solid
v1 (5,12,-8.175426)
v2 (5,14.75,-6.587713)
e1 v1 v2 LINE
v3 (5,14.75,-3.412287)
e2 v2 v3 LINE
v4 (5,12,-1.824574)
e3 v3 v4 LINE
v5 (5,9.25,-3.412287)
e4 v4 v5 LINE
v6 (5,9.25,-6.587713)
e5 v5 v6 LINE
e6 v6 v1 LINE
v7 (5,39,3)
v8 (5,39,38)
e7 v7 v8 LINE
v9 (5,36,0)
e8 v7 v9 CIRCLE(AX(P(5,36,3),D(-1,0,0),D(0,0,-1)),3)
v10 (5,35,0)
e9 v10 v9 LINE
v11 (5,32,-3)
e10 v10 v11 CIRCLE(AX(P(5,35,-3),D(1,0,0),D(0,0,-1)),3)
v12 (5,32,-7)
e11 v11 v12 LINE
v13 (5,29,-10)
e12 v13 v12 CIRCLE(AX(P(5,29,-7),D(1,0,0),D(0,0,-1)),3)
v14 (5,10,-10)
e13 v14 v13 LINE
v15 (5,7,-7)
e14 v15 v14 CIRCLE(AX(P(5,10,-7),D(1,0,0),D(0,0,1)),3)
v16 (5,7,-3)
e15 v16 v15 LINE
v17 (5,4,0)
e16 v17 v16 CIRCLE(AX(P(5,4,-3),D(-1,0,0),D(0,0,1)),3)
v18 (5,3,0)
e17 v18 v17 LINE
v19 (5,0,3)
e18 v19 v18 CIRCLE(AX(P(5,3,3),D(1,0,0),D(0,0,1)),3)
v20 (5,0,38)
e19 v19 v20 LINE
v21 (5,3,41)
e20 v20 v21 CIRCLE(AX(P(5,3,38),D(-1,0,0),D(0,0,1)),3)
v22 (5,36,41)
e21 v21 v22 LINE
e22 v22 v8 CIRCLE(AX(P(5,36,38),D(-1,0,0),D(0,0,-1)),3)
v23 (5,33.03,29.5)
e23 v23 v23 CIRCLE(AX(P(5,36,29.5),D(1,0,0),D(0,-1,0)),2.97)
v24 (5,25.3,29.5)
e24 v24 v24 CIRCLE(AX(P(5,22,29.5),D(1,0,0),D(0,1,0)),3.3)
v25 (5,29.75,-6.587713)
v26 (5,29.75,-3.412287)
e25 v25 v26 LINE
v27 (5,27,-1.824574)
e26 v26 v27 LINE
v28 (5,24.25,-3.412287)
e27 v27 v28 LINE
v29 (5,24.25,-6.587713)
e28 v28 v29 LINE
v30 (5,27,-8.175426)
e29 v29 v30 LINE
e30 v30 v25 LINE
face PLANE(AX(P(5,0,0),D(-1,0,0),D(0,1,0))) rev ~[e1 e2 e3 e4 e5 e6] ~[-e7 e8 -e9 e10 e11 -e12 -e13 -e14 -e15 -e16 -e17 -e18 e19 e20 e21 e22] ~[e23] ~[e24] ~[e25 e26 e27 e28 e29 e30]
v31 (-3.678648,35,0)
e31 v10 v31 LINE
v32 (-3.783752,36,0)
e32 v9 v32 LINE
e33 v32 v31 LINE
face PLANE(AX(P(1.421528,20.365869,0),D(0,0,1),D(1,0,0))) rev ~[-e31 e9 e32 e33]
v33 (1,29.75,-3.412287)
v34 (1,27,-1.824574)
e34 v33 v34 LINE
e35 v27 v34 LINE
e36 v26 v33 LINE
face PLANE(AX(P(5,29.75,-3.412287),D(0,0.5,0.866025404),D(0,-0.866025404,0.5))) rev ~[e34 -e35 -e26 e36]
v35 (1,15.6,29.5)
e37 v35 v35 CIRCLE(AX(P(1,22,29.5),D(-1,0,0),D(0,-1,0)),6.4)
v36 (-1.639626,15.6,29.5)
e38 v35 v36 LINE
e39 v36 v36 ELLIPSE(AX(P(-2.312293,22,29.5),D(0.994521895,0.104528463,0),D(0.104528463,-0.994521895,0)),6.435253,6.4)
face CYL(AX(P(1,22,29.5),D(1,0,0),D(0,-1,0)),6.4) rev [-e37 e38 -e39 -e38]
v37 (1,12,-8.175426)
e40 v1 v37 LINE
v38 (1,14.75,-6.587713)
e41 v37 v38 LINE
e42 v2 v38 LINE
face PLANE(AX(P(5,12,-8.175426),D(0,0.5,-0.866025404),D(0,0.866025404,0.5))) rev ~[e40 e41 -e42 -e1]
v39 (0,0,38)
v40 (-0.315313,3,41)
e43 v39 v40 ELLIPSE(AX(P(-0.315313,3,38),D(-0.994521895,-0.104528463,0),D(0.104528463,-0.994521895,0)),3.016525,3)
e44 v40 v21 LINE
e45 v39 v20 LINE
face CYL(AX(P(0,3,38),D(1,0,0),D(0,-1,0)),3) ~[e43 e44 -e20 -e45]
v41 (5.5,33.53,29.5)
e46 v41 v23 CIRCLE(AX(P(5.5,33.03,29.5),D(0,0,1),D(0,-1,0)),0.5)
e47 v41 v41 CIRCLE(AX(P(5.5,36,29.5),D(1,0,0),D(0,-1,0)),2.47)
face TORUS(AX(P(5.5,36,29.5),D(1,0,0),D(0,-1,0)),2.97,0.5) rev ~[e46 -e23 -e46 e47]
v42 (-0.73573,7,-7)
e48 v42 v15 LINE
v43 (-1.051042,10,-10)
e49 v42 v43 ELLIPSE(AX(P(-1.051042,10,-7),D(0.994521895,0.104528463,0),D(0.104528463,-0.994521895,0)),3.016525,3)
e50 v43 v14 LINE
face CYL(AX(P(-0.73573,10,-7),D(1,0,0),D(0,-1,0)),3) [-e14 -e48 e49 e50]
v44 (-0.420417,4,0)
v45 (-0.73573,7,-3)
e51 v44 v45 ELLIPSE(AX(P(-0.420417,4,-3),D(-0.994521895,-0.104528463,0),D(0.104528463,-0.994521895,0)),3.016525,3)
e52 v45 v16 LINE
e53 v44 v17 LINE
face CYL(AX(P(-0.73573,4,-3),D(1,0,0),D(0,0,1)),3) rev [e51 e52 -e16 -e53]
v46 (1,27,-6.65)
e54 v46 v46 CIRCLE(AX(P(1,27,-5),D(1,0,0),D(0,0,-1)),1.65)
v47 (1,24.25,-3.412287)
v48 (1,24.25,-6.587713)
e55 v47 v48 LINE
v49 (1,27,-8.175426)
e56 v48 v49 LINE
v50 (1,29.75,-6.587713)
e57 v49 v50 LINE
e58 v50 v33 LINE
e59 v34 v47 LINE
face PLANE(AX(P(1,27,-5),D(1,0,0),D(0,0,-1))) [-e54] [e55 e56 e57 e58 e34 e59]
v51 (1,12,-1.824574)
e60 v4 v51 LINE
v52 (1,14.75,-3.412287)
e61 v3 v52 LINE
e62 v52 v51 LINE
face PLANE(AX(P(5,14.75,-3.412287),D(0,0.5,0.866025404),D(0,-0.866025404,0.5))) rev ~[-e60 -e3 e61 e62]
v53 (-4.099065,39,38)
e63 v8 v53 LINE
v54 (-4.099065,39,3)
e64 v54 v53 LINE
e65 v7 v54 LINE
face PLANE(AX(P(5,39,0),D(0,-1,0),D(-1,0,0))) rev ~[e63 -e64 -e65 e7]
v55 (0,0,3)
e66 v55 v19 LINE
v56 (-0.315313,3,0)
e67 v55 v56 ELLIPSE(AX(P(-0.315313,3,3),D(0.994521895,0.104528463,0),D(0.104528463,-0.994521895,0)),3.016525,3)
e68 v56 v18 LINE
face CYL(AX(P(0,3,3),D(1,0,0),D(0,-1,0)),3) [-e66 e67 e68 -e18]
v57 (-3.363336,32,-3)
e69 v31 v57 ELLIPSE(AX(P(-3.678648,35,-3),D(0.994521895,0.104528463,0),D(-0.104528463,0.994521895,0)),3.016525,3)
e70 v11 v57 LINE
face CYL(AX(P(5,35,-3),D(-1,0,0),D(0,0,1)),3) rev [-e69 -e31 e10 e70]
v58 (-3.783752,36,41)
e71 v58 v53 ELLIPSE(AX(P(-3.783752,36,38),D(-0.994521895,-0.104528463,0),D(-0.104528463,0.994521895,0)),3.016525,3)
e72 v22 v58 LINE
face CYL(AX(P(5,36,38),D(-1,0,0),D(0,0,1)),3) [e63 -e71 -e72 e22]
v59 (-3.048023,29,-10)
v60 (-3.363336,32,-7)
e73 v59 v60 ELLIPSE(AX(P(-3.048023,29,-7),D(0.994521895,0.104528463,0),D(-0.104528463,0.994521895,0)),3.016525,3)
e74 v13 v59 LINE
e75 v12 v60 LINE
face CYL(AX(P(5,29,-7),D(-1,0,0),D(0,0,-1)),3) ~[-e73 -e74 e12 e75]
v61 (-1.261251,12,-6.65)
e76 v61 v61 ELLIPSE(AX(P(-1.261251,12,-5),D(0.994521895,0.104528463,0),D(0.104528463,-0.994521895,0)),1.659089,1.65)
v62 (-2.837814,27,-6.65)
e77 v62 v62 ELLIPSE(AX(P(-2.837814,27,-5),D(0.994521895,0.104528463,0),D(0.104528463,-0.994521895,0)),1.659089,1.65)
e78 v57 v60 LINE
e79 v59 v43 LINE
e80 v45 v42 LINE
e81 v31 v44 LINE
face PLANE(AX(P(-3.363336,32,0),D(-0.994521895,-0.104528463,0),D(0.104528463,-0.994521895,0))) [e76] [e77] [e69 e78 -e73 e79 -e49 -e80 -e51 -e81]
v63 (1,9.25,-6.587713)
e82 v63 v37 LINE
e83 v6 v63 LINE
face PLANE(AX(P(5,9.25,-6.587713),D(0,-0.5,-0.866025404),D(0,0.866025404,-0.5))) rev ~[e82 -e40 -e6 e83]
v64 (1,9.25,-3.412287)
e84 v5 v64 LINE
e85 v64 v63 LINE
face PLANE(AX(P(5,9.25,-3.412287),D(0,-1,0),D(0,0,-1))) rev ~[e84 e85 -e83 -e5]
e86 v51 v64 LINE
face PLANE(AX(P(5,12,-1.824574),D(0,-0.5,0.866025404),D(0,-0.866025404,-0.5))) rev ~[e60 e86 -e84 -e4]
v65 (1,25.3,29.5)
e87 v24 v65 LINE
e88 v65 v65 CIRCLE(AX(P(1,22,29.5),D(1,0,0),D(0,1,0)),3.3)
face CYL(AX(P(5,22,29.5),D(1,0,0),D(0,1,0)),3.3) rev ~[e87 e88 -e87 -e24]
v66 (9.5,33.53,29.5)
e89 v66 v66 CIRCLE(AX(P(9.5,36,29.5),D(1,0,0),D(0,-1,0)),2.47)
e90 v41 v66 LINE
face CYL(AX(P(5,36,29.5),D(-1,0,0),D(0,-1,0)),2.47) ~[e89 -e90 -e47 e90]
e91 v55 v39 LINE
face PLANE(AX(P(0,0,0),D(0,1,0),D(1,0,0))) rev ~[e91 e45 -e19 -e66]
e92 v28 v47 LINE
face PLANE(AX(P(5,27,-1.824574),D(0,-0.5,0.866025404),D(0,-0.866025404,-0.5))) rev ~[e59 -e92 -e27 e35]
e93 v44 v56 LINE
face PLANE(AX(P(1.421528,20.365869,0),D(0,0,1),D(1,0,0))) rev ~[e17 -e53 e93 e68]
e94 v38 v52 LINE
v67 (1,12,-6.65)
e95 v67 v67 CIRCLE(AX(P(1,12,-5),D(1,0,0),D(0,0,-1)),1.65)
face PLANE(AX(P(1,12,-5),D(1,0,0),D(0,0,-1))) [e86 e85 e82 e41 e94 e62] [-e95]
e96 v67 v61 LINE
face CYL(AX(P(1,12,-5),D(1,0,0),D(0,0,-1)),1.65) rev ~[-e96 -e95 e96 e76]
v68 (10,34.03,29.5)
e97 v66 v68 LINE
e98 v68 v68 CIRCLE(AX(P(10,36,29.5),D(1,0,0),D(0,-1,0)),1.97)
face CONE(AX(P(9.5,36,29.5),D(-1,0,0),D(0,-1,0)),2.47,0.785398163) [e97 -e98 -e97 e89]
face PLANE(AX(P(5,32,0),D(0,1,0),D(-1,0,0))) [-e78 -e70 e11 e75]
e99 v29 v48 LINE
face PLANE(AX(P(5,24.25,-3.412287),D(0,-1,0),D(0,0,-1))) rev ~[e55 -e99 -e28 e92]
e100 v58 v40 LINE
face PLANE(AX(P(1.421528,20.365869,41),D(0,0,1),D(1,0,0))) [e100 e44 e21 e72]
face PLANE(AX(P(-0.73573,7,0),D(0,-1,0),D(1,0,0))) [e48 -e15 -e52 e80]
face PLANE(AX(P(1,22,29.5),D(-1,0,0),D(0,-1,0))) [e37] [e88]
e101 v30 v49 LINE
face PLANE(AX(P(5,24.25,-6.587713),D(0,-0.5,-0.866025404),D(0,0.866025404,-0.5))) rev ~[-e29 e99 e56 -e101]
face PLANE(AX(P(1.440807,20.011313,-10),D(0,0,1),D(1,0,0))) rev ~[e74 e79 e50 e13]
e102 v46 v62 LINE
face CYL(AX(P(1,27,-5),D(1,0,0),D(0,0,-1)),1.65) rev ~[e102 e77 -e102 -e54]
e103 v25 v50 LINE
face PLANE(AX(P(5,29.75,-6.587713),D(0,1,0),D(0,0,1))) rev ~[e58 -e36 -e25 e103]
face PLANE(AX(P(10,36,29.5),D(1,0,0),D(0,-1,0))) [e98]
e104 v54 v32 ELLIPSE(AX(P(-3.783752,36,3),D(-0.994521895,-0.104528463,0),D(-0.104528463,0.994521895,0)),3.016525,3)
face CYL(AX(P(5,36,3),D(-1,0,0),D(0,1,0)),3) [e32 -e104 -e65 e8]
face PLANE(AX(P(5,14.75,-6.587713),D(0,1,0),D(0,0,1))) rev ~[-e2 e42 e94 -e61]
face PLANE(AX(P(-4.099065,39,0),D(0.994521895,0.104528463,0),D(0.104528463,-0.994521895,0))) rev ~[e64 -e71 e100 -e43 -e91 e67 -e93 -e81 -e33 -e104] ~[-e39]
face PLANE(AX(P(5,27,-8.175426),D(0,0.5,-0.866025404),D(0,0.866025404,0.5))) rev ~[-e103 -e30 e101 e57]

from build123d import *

# Parameters (mm, degrees)
EXTRUDE_1_DEPTH     = 41
CUT_EXTRUDE_1_REACH = 59.313
SKETCH_2_R          = 3.3
CUT_EXTRUDE_2_REACH = 58.815
SKETCH_3_R          = 6.4
SKETCH_4_R          = 2.47
EXTRUDE_2_DEPTH     = 5
CHAMFER_1_SIZE      = 0.5
FILLET_1_R          = 0.5
EXTRUDE_3_DEPTH     = 10
CUT_EXTRUDE_3_DEPTH = 4
CUT_EXTRUDE_4_REACH = 59.297
SKETCH_7_R          = 1.65
FILLET_2_R          = 3


with BuildPart() as part:
    # 草图1 → 凸台-拉伸1 (new body)
    with BuildSketch(Plane.XY):
        Polygon((0, 0), (5, 0), (5, 39), (-4.099065175, 39), align=None)
    extrude(amount=EXTRUDE_1_DEPTH)

    # 切除-拉伸1: up to this plane
    cut_extrude_1_end = Plane(origin=(0, 0, 41), z_dir=(0.9945218953682742, 0.10452846326764682, 0))
    # 草图2 → 切除-拉伸1 (cut, up to the surface)
    with BuildSketch(Plane(origin=(5, 0, 0), x_dir=(0, 0, -1), z_dir=(1, 0, 0)), mode=Mode.PRIVATE) as cut_extrude_1_sk1:
        with Locations(Location((-29.5, 22, 0), (0, 0, 90))):
            Circle(SKETCH_2_R)
    cut_extrude_1_tool1 = split(extrude(cut_extrude_1_sk1.sketch, amount=-CUT_EXTRUDE_1_REACH, mode=Mode.PRIVATE), bisect_by=cut_extrude_1_end, keep=Keep.BOTH, mode=Mode.PRIVATE)
    add(cut_extrude_1_tool1.solids().sort_by_distance((5, 22, 29.5))[0], mode=Mode.SUBTRACT)

    # 切除-拉伸2: up to this plane
    cut_extrude_2_end = Plane(origin=(0, 0, 41), z_dir=(0.9945218953682742, 0.10452846326764682, 0))
    # 草图3 → 切除-拉伸2 (cut, up to the surface)
    with BuildSketch(Plane.ZY.offset(-1), mode=Mode.PRIVATE) as cut_extrude_2_sk1:
        with Locations(Location((29.5, 22, 0), (0, 0, 270))):
            Circle(SKETCH_3_R)
    cut_extrude_2_tool1 = split(extrude(cut_extrude_2_sk1.sketch, amount=CUT_EXTRUDE_2_REACH, mode=Mode.PRIVATE), bisect_by=cut_extrude_2_end, keep=Keep.BOTH, mode=Mode.PRIVATE)
    add(cut_extrude_2_tool1.solids().sort_by_distance((1, 22, 29.5))[0], mode=Mode.SUBTRACT)

    # 草图4 → 凸台-拉伸2 (add)
    with BuildSketch(Plane(origin=(5, 0, 0), x_dir=(0, 0, -1), z_dir=(1, 0, 0))):
        with Locations(Location((-29.5, 36, 0), (0, 0, 270))):
            Circle(SKETCH_4_R)
    extrude(amount=EXTRUDE_2_DEPTH)

    # 倒角1
    chamfer_1_edges = [part.edges().sort_by_distance(p)[0] for p in [
        (10, 38.47, 29.5),
    ]]
    chamfer(chamfer_1_edges, length=CHAMFER_1_SIZE)

    # 圆角1
    fillet_1_edges = [part.edges().sort_by_distance(p)[0] for p in [
        (5, 38.47, 29.5),
    ]]
    fillet(fillet_1_edges, radius=FILLET_1_R)

    # 草图5 → 凸台-拉伸3 (add)
    with BuildSketch(Plane(origin=(0, 0, 0), x_dir=(-1, 0, 0), z_dir=(0, 0, -1))):
        Polygon((-5, 32), (3.363335529, 32), (0.735729647, 7), (-5, 7), align=None)
    extrude(amount=EXTRUDE_3_DEPTH)

    # 草图6 → 切除-拉伸3 (cut)
    with BuildSketch(Plane(origin=(5, 0, 0), x_dir=(0, 0, -1), z_dir=(1, 0, 0))):
        Polygon((8.175426481, 27), (6.58771324, 29.75), (3.41228676, 29.75), (1.824573519, 27), (3.41228676, 24.25), (6.58771324, 24.25), align=None)
        Polygon((8.175426481, 12), (6.58771324, 14.75), (3.41228676, 14.75), (1.824573519, 12), (3.41228676, 9.25), (6.58771324, 9.25), align=None)
    extrude(amount=-CUT_EXTRUDE_3_DEPTH, mode=Mode.SUBTRACT)

    # 切除-拉伸4: up to this plane
    cut_extrude_4_end = Plane(origin=(0, 0, 41), z_dir=(0.9945218953682742, 0.10452846326764682, 0))
    # 草图7 → 切除-拉伸4 (cut, up to the surface)
    with BuildSketch(Plane(origin=(1, 0, 0), x_dir=(0, 0, -1), z_dir=(1, 0, 0)), mode=Mode.PRIVATE) as cut_extrude_4_sk1:
        with Locations((5, 27)):
            Circle(SKETCH_7_R)
    cut_extrude_4_tool1 = split(extrude(cut_extrude_4_sk1.sketch, amount=-CUT_EXTRUDE_4_REACH, mode=Mode.PRIVATE), bisect_by=cut_extrude_4_end, keep=Keep.BOTH, mode=Mode.PRIVATE)
    add(cut_extrude_4_tool1.solids().sort_by_distance((1, 27, -5))[0], mode=Mode.SUBTRACT)
    # 草图7 → 切除-拉伸4 (cut, up to the surface)
    with BuildSketch(Plane(origin=(1, 0, 0), x_dir=(0, 0, -1), z_dir=(1, 0, 0)), mode=Mode.PRIVATE) as cut_extrude_4_sk2:
        with Locations((5, 12)):
            Circle(SKETCH_7_R)
    cut_extrude_4_tool2 = split(extrude(cut_extrude_4_sk2.sketch, amount=-CUT_EXTRUDE_4_REACH, mode=Mode.PRIVATE), bisect_by=cut_extrude_4_end, keep=Keep.BOTH, mode=Mode.PRIVATE)
    add(cut_extrude_4_tool2.solids().sort_by_distance((1, 12, -5))[0], mode=Mode.SUBTRACT)

    # 圆角2
    fillet_2_edges = [part.edges().sort_by_distance(p)[0] for p in [
        (0.450467412, 39, 41),
        (2.132135177, 7, 0),
        (0.818332236, 32, 0),
        (2.132135177, 7, -10),
        (0.818332236, 32, -10),
        (0.450467412, 39, 0),
        (2.5, 0, 0),
        (2.5, 0, 41),
    ]]
    fillet(fillet_2_edges, radius=FILLET_2_R)


solid = part.part
